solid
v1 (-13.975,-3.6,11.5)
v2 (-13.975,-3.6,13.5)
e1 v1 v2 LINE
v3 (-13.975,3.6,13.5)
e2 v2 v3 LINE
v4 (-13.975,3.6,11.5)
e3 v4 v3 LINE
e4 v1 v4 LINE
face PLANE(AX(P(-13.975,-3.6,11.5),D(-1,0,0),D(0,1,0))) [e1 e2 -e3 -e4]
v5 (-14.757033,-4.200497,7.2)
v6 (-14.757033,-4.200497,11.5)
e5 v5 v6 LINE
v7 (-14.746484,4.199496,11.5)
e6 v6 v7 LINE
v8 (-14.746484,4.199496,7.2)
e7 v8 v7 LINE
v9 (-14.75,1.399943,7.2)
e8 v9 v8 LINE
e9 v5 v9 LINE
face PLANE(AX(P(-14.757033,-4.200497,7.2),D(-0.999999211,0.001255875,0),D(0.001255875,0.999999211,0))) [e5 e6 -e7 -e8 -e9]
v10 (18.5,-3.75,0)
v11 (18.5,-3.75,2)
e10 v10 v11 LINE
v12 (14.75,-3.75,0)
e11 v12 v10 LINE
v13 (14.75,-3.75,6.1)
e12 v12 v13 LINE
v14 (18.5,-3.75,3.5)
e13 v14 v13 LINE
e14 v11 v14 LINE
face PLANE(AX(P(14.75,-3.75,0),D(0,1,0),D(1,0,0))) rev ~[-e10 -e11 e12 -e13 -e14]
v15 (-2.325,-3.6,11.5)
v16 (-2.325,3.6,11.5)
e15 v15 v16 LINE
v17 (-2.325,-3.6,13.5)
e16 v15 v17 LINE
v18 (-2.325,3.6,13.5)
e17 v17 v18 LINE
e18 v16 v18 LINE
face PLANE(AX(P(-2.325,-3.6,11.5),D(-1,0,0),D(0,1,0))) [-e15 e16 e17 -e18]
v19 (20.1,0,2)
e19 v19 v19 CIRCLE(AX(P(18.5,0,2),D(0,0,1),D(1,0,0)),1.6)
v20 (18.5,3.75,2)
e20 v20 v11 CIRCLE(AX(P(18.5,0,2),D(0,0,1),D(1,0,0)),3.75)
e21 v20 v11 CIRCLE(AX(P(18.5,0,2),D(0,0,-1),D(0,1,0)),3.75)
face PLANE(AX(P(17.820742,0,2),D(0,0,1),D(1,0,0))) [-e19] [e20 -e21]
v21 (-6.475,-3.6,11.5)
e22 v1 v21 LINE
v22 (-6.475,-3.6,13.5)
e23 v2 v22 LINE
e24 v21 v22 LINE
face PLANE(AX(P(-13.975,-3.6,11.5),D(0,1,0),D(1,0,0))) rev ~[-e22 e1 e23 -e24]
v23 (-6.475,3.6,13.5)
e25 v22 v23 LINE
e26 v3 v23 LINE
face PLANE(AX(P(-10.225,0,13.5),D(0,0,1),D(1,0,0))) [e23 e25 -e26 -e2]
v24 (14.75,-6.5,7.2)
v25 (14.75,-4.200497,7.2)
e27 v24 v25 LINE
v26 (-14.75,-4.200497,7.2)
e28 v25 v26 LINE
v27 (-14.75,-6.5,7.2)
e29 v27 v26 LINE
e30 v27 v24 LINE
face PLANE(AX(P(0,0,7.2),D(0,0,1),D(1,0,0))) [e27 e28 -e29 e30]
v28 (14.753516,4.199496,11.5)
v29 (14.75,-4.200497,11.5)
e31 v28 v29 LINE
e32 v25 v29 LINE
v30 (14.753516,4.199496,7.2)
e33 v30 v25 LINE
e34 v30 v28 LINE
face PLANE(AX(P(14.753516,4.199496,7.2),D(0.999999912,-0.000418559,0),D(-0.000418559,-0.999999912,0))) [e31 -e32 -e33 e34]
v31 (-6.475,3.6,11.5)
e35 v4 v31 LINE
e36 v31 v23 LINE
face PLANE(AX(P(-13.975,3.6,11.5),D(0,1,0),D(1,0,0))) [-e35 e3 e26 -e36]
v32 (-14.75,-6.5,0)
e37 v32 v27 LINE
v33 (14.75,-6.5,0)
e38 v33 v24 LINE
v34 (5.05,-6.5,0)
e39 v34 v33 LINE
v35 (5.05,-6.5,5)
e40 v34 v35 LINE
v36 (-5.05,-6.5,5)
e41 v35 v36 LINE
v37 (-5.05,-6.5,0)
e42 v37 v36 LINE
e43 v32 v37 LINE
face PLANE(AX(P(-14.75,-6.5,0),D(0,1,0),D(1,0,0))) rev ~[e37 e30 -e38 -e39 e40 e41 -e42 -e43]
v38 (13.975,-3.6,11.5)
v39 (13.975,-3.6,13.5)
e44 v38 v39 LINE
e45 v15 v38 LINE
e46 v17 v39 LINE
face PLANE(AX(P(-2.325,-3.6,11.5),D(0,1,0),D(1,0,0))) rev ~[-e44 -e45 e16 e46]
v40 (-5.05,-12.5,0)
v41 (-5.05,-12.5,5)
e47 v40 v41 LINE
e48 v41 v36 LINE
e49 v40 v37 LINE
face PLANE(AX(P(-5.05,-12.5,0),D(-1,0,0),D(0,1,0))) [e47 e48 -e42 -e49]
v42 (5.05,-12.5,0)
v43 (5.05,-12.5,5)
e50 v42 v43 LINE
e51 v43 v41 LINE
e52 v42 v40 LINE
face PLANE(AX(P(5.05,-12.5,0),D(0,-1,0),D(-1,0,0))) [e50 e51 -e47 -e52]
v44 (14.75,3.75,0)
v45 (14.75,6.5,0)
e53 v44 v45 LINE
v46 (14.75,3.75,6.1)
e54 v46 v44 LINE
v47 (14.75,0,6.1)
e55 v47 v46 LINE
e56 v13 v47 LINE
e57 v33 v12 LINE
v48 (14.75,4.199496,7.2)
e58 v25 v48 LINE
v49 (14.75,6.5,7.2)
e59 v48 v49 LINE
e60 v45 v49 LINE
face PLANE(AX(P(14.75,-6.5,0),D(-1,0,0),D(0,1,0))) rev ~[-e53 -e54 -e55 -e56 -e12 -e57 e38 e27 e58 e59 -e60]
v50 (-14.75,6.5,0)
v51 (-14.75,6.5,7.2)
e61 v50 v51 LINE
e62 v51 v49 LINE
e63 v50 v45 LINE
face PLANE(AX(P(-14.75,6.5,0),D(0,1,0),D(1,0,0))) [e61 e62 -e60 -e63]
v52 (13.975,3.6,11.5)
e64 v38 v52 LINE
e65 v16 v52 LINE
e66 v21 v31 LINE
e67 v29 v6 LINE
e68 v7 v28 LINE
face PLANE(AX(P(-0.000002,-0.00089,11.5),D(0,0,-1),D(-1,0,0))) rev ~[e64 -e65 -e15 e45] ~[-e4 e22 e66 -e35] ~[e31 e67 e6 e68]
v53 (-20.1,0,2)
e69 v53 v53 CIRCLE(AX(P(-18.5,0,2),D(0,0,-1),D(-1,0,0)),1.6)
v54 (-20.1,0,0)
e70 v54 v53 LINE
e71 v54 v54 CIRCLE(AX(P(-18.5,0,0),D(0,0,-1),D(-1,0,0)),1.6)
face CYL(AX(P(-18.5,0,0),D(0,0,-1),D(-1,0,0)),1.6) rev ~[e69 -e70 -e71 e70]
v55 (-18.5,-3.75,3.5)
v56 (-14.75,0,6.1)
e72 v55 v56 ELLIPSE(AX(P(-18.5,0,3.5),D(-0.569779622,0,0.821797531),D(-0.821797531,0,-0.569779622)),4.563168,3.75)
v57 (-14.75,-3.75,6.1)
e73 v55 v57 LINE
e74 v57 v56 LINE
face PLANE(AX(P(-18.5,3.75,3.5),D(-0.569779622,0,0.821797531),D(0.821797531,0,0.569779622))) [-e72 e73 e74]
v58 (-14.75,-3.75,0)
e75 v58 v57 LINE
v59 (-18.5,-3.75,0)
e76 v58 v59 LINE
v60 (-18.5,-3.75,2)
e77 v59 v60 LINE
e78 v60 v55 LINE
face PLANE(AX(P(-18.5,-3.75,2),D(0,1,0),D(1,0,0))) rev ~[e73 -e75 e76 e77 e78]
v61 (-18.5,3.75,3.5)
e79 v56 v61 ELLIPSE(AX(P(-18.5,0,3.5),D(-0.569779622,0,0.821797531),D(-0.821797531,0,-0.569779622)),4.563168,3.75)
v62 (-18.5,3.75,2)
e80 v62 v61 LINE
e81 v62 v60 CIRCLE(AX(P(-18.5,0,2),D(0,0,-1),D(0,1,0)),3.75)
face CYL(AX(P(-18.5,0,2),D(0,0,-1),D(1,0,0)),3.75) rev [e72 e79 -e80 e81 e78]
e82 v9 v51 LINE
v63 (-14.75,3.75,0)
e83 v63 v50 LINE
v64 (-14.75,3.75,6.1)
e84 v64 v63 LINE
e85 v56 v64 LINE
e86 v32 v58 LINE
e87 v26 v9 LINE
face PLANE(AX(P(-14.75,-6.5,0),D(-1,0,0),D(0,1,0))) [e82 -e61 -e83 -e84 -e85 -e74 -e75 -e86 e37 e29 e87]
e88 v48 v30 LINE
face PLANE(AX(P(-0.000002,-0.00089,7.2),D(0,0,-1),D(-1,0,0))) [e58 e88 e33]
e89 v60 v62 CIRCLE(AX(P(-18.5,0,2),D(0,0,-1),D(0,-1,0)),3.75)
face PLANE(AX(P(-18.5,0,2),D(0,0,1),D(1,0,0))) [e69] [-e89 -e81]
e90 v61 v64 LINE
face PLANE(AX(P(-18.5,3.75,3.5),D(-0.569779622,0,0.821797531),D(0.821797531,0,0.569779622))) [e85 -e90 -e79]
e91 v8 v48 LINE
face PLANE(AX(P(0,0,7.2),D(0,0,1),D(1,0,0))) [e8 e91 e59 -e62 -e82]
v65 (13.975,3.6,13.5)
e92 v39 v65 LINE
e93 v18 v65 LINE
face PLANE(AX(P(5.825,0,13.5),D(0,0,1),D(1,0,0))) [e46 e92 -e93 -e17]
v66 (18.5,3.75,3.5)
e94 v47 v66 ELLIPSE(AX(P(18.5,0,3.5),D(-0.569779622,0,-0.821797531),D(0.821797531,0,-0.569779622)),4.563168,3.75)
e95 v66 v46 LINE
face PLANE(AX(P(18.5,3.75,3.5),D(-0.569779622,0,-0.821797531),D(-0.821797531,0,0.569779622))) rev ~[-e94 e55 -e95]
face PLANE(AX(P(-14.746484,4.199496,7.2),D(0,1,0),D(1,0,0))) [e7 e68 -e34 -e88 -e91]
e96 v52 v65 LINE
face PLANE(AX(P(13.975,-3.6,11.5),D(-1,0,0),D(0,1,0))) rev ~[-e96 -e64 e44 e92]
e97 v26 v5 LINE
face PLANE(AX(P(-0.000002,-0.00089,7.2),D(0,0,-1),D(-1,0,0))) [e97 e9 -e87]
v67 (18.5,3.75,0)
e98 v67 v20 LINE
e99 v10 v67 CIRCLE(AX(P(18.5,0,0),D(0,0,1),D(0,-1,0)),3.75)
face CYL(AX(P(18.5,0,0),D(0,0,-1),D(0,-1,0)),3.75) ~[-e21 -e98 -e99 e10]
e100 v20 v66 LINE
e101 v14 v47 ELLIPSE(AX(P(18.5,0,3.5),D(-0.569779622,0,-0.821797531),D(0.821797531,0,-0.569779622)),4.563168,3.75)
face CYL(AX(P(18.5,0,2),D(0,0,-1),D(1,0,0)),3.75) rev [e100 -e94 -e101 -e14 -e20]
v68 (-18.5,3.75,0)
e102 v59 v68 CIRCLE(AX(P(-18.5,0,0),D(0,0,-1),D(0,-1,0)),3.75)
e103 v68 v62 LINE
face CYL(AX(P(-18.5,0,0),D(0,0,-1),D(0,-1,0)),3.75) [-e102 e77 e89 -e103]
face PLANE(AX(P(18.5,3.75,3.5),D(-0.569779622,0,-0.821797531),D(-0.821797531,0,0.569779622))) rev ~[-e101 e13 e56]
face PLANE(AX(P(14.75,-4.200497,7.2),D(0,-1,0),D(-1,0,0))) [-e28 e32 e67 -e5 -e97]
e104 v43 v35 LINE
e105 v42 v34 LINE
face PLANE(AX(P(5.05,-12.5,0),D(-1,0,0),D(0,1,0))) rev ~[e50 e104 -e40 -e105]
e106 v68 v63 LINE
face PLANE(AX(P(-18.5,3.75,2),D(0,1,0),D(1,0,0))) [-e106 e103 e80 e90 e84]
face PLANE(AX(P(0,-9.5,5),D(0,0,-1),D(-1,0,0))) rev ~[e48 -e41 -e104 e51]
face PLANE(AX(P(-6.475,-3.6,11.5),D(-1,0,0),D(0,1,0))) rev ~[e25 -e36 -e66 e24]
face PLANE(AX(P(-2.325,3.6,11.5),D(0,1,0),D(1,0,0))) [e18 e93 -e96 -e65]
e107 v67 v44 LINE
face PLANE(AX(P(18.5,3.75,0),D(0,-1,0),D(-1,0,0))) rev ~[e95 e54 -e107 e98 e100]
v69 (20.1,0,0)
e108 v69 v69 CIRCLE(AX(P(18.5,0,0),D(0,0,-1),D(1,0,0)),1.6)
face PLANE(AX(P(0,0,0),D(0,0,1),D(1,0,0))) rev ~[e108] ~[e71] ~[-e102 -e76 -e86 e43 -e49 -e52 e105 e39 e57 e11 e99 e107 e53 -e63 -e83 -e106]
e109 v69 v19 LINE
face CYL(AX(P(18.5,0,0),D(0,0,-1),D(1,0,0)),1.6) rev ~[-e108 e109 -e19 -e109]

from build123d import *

# Parameters (mm, degrees)
SKETCH1_W           = 29.5
SKETCH1_H           = 13
BOSS_EXTRUDE1_DEPTH = 7.2
BOSS_EXTRUDE2_DEPTH = 4.3
SKETCH3_W           = 7.5
SKETCH3_H           = 7.2
SKETCH3_W_2         = 16.3
BOSS_EXTRUDE3_DEPTH = 2
SKETCH4_R           = 1.6
BOSS_EXTRUDE6_DEPTH = 2
SKETCH6_W           = 10.1
SKETCH6_H           = 6
BOSS_EXTRUDE7_DEPTH = 5
SKETCH7_W           = 3.75
SKETCH7_H           = 7.5
BOSS_EXTRUDE8_DEPTH = 4.1
CUT_EXTRUDE1_START  = -4.1
SKETCH8_R           = 3.75
CUT_EXTRUDE1_DEPTH  = 4.1
CUT_EXTRUDE2_DEPTH  = 31.681835017


with BuildPart() as part:
    # Sketch1 → Boss-Extrude1 (new body)
    with BuildSketch(Plane.XY):
        Rectangle(SKETCH1_W, SKETCH1_H)
    extrude(amount=BOSS_EXTRUDE1_DEPTH)

    # Sketch2 → Boss-Extrude2 (add)
    with BuildSketch(Plane.XY.offset(7.2)):
        Polygon((-14.746484108, 4.199496061), (14.753515892, 4.199496061), (14.75, -4.200497315), (-14.757033461, -4.200497315), align=None)
    extrude(amount=BOSS_EXTRUDE2_DEPTH)

    # Sketch3 → Boss-Extrude3 (add)
    with BuildSketch(Plane.XY.offset(11.5)):
        with Locations((-10.225, 0)):
            Rectangle(SKETCH3_W, SKETCH3_H)
        with Locations((5.825, 0)):
            Rectangle(SKETCH3_W_2, SKETCH3_H)
    extrude(amount=BOSS_EXTRUDE3_DEPTH)

    # Sketch4 → Boss-Extrude6 (add)
    # profile 1 of 2: a face of its own
    with BuildSketch(Plane(origin=(0, 0, 0), x_dir=(-1, 0, 0), z_dir=(0, 0, -1))):
        with BuildLine():
            Line((-14.75, 3.75), (-14.75, -3.75))
            Line((-14.75, -3.75), (-18.5, -3.75))
            ThreePointArc((-18.5, -3.75), (-22.25, 0), (-18.5, 3.75))
            Line((-18.5, 3.75), (-14.75, 3.75))
        make_face()
        with Locations(Location((-18.5, 0, 0), (0, 0, 180))):
            Circle(SKETCH4_R, mode=Mode.SUBTRACT)
    # profile 2 of 2: a face of its own
    with BuildSketch(Plane(origin=(0, 0, 0), x_dir=(-1, 0, 0), z_dir=(0, 0, -1))):
        with BuildLine():
            Line((18.5, 3.75), (14.75, 3.75))
            Line((14.75, 3.75), (14.75, -3.75))
            Line((14.75, -3.75), (18.5, -3.75))
            ThreePointArc((18.5, -3.75), (22.25, 0), (18.5, 3.75))
        make_face()
        with Locations((18.5, 0)):
            Circle(SKETCH4_R, mode=Mode.SUBTRACT)
    extrude(amount=-BOSS_EXTRUDE6_DEPTH)

    # Sketch6 → Boss-Extrude7 (add)
    with BuildSketch(Plane(origin=(0, 0, 0), x_dir=(-1, 0, 0), z_dir=(0, 0, -1))):
        with Locations((0, -9.5)):
            Rectangle(SKETCH6_W, SKETCH6_H)
    extrude(amount=-BOSS_EXTRUDE7_DEPTH)

    # Sketch7 → Boss-Extrude8 (add)
    with BuildSketch(Plane.XY.offset(2)):
        with Locations((-16.625, 0)):
            Rectangle(SKETCH7_W, SKETCH7_H)
        with Locations((16.625, 0)):
            Rectangle(SKETCH7_W, SKETCH7_H)
    extrude(amount=BOSS_EXTRUDE8_DEPTH)

    # Sketch8 → Cut-Extrude1 (cut)
    with BuildSketch(Plane.XY.offset(6.1).offset(CUT_EXTRUDE1_START)):
        with Locations((-18.5, 0)):
            Circle(SKETCH8_R)
        with Locations((18.5, 0)):
            Circle(SKETCH8_R)
    extrude(amount=CUT_EXTRUDE1_DEPTH, mode=Mode.SUBTRACT)

    # Sketch9 → Cut-Extrude2 (cut, through all)
    with BuildSketch(Plane(origin=(0, 3.75, 0), x_dir=(1, 0, 0), z_dir=(0, 1, 0))):
        Polygon((-18.5, -3.5), (-14.75, -6.1), (-18.5, -6.1), align=None)
        Polygon((18.5, -6.1), (18.5, -3.5), (14.75, -6.1), align=None)
    extrude(amount=-CUT_EXTRUDE2_DEPTH, mode=Mode.SUBTRACT)


solid = part.part
